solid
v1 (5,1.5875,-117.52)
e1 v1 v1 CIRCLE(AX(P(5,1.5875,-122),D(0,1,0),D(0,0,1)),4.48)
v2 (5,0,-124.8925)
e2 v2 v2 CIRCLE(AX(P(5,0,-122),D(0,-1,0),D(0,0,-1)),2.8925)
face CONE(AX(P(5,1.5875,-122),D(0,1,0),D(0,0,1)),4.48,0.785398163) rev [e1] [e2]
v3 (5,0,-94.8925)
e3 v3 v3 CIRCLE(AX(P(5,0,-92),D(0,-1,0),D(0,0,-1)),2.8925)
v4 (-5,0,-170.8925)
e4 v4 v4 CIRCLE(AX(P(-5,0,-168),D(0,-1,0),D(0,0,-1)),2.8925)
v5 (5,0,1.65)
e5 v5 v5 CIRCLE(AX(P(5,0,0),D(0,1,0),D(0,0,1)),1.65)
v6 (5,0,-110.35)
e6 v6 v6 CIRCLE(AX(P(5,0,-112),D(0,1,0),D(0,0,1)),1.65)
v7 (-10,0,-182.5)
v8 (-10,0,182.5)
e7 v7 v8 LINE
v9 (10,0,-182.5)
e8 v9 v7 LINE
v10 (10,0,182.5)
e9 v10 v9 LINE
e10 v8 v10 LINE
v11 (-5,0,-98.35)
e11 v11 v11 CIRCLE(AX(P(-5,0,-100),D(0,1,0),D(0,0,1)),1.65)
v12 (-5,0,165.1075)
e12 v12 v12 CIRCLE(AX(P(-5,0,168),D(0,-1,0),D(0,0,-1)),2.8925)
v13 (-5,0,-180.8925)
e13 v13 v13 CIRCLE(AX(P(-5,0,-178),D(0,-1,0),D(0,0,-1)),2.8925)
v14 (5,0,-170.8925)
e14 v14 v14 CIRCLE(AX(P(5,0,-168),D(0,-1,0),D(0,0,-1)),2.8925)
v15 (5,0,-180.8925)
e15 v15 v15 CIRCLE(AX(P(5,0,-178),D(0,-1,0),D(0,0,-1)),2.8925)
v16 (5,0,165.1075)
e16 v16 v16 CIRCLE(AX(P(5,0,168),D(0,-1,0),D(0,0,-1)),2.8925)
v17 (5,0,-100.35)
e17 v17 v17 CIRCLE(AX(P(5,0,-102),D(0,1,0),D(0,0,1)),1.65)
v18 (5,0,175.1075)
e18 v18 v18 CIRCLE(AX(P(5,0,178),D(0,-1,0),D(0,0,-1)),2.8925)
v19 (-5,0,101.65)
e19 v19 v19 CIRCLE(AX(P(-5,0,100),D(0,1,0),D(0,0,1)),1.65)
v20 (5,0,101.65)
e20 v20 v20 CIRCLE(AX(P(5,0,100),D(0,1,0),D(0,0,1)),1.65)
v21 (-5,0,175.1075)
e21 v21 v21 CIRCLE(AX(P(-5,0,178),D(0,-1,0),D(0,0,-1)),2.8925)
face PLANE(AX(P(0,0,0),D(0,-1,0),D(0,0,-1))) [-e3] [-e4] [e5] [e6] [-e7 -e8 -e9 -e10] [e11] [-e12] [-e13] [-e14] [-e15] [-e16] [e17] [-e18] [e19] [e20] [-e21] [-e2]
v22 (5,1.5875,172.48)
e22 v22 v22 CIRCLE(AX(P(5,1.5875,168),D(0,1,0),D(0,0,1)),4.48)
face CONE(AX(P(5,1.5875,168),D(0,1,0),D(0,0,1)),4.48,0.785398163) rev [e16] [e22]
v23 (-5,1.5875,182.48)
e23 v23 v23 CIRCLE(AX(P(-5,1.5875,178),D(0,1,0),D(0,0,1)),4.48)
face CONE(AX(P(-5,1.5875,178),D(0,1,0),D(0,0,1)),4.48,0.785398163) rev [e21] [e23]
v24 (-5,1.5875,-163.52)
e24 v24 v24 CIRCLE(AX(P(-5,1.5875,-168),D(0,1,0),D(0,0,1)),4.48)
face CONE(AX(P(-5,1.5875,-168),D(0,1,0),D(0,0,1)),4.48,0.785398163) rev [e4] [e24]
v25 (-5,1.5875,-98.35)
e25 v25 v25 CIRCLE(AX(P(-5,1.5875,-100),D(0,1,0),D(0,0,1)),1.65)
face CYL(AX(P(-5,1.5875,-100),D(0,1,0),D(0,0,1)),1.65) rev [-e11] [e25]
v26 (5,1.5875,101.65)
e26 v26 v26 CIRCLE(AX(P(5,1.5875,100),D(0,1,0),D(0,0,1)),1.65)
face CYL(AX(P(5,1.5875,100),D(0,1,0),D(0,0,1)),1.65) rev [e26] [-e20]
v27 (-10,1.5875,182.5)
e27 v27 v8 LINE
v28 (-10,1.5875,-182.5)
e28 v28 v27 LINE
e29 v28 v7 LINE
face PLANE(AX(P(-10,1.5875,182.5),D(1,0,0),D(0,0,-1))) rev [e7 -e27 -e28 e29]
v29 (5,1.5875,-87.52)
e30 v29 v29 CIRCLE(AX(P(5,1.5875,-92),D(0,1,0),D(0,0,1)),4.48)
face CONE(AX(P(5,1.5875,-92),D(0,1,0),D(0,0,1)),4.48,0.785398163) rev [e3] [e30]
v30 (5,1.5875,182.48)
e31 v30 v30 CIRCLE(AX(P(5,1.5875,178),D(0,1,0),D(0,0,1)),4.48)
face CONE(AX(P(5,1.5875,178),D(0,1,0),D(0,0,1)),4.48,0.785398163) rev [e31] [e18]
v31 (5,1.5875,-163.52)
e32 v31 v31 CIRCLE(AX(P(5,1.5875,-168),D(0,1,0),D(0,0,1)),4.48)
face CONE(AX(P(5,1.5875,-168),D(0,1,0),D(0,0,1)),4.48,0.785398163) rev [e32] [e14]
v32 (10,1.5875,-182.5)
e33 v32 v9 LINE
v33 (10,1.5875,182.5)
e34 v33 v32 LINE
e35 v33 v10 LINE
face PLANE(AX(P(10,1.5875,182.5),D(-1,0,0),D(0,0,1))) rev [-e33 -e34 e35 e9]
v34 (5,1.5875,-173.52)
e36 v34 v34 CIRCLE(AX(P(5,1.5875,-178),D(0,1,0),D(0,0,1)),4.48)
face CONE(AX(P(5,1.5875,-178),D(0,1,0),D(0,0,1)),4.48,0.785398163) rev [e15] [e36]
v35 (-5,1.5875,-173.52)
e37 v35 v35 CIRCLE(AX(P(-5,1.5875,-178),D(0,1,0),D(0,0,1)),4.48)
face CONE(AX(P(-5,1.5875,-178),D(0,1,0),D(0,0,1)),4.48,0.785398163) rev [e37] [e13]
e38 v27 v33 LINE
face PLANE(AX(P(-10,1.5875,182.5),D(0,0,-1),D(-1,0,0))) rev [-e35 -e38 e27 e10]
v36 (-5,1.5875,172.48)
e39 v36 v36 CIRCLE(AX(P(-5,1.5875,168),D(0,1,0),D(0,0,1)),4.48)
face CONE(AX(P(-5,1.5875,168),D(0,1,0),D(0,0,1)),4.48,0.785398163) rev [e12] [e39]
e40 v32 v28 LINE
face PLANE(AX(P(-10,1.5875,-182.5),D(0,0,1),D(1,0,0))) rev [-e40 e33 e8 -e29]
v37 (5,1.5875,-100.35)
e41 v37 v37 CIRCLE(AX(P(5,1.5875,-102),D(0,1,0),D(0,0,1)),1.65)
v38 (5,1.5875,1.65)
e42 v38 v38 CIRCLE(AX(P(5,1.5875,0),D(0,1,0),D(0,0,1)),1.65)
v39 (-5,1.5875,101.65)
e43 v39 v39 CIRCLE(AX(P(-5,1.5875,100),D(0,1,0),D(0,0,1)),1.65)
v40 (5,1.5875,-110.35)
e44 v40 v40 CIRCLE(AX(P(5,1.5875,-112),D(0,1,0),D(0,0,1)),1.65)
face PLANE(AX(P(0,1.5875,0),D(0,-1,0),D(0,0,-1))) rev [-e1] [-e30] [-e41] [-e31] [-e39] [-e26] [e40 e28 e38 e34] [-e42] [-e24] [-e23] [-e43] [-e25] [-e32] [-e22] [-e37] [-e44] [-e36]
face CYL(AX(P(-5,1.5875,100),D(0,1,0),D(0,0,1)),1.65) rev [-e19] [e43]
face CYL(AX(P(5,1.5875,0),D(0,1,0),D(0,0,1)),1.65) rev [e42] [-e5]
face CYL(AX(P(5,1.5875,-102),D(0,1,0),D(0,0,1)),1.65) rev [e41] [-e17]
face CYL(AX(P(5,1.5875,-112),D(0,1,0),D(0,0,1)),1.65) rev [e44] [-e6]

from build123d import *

# Parameters (mm, degrees)
SKETCH1_W                     = 20
SKETCH1_H                     = 365
BOSS_EXTRUDE1_DEPTH           = 1.5875
CSK_FOR_M4_SFHCS1_AT_2_COUNT  = 2
CSK_FOR_M4_SFHCS1_AT_2_PITCH  = 14.142135624
CSK_FOR_M4_SFHCS1_AT_3_COUNT  = 2
CSK_FOR_M4_SFHCS1_AT_3_PITCH  = 10
CSK_FOR_M4_SFHCS1_AT_4_COUNT  = 2
CSK_FOR_M4_SFHCS1_AT_4_PITCH  = 10
CSK_FOR_M4_SFHCS1_AT_5_COUNT  = 2
CSK_FOR_M4_SFHCS1_AT_5_PITCH  = 346
CSK_FOR_M4_SFHCS1_AT_6_COUNT  = 2
CSK_FOR_M4_SFHCS1_AT_6_PITCH  = 336.148776586
CSK_FOR_M4_SFHCS1_AT_7_COUNT  = 2
CSK_FOR_M4_SFHCS1_AT_7_PITCH  = 346.144478506
CSK_FOR_M4_SFHCS1_AT_8_COUNT  = 2
CSK_FOR_M4_SFHCS1_AT_8_PITCH  = 336
CSK_FOR_M4_SFHCS1_AT_9_COUNT  = 2
CSK_FOR_M4_SFHCS1_AT_9_PITCH  = 260
CSK_FOR_M4_SFHCS1_AT_10_COUNT = 2
CSK_FOR_M4_SFHCS1_AT_10_PITCH = 290
M4X0_7_TAPPED_HOLE1_D         = 3.3


with BuildPart() as part:
    # Sketch1 → Boss-Extrude1 (new body)
    with BuildSketch(Plane(origin=(0, 0, 0), x_dir=(1, 0, 0), z_dir=(0, 1, 0))):
        Rectangle(SKETCH1_W, SKETCH1_H)
    extrude(amount=BOSS_EXTRUDE1_DEPTH)

    # Sketch3 → CSK for M4 SFHCS1 (revolve, cut)
    with BuildSketch(Plane(origin=(5, 1.5875, 168), x_dir=(0, 0, 1), z_dir=(1, 0, 0))):
        Polygon((0, 0), (0, 1.5875), (2.25, 1.5875), (2.25, 2.23), (4.48, 0), align=None)
    csk_for_m4_sfhcs1 = revolve(axis=Axis((5, 7.9375, 168), (0, -1, 0)), mode=Mode.SUBTRACT)

    # CSK for M4 SFHCS1 at 2: CSK for M4 SFHCS1 ×2
    with Locations(*[Vector(-0.7071067811865469, 0, 0.7071067811865482) * (i * CSK_FOR_M4_SFHCS1_AT_2_PITCH) for i in range(1, CSK_FOR_M4_SFHCS1_AT_2_COUNT)]):
        add(csk_for_m4_sfhcs1, mode=Mode.SUBTRACT)

    # CSK for M4 SFHCS1 at 3: CSK for M4 SFHCS1 ×2
    with Locations(*[(-i * CSK_FOR_M4_SFHCS1_AT_3_PITCH, 0, 0) for i in range(1, CSK_FOR_M4_SFHCS1_AT_3_COUNT)]):
        add(csk_for_m4_sfhcs1, mode=Mode.SUBTRACT)

    # CSK for M4 SFHCS1 at 4: CSK for M4 SFHCS1 ×2
    with Locations(*[(0, 0, i * CSK_FOR_M4_SFHCS1_AT_4_PITCH) for i in range(1, CSK_FOR_M4_SFHCS1_AT_4_COUNT)]):
        add(csk_for_m4_sfhcs1, mode=Mode.SUBTRACT)

    # CSK for M4 SFHCS1 at 5: CSK for M4 SFHCS1 ×2
    with Locations(*[(0, 0, -i * CSK_FOR_M4_SFHCS1_AT_5_PITCH) for i in range(1, CSK_FOR_M4_SFHCS1_AT_5_COUNT)]):
        add(csk_for_m4_sfhcs1, mode=Mode.SUBTRACT)

    # CSK for M4 SFHCS1 at 6: CSK for M4 SFHCS1 ×2
    with Locations(*[Vector(-0.029748732396333223, 0, -0.9995574085167952) * (i * CSK_FOR_M4_SFHCS1_AT_6_PITCH) for i in range(1, CSK_FOR_M4_SFHCS1_AT_6_COUNT)]):
        add(csk_for_m4_sfhcs1, mode=Mode.SUBTRACT)

    # CSK for M4 SFHCS1 at 7: CSK for M4 SFHCS1 ×2
    with Locations(*[Vector(-0.028889670703889703, 0, -0.9995826063545828) * (i * CSK_FOR_M4_SFHCS1_AT_7_PITCH) for i in range(1, CSK_FOR_M4_SFHCS1_AT_7_COUNT)]):
        add(csk_for_m4_sfhcs1, mode=Mode.SUBTRACT)

    # CSK for M4 SFHCS1 at 8: CSK for M4 SFHCS1 ×2
    with Locations(*[(0, 0, -i * CSK_FOR_M4_SFHCS1_AT_8_PITCH) for i in range(1, CSK_FOR_M4_SFHCS1_AT_8_COUNT)]):
        add(csk_for_m4_sfhcs1, mode=Mode.SUBTRACT)

    # CSK for M4 SFHCS1 at 9: CSK for M4 SFHCS1 ×2
    with Locations(*[(0, 0, -i * CSK_FOR_M4_SFHCS1_AT_9_PITCH) for i in range(1, CSK_FOR_M4_SFHCS1_AT_9_COUNT)]):
        add(csk_for_m4_sfhcs1, mode=Mode.SUBTRACT)

    # CSK for M4 SFHCS1 at 10: CSK for M4 SFHCS1 ×2
    with Locations(*[(0, 0, -i * CSK_FOR_M4_SFHCS1_AT_10_PITCH) for i in range(1, CSK_FOR_M4_SFHCS1_AT_10_COUNT)]):
        add(csk_for_m4_sfhcs1, mode=Mode.SUBTRACT)

    # M4x0.7 Tapped Hole1 (through all)
    with Locations(Plane(origin=(0, 1.5875, 0), x_dir=(1, 0, 0), z_dir=(0, 1, 0))):
        with Locations((-5, -100), (-5, 100), (5, -100), (5, 0), (5, 102), (5, 112)):
            Hole(M4X0_7_TAPPED_HOLE1_D / 2)


solid = part.part
